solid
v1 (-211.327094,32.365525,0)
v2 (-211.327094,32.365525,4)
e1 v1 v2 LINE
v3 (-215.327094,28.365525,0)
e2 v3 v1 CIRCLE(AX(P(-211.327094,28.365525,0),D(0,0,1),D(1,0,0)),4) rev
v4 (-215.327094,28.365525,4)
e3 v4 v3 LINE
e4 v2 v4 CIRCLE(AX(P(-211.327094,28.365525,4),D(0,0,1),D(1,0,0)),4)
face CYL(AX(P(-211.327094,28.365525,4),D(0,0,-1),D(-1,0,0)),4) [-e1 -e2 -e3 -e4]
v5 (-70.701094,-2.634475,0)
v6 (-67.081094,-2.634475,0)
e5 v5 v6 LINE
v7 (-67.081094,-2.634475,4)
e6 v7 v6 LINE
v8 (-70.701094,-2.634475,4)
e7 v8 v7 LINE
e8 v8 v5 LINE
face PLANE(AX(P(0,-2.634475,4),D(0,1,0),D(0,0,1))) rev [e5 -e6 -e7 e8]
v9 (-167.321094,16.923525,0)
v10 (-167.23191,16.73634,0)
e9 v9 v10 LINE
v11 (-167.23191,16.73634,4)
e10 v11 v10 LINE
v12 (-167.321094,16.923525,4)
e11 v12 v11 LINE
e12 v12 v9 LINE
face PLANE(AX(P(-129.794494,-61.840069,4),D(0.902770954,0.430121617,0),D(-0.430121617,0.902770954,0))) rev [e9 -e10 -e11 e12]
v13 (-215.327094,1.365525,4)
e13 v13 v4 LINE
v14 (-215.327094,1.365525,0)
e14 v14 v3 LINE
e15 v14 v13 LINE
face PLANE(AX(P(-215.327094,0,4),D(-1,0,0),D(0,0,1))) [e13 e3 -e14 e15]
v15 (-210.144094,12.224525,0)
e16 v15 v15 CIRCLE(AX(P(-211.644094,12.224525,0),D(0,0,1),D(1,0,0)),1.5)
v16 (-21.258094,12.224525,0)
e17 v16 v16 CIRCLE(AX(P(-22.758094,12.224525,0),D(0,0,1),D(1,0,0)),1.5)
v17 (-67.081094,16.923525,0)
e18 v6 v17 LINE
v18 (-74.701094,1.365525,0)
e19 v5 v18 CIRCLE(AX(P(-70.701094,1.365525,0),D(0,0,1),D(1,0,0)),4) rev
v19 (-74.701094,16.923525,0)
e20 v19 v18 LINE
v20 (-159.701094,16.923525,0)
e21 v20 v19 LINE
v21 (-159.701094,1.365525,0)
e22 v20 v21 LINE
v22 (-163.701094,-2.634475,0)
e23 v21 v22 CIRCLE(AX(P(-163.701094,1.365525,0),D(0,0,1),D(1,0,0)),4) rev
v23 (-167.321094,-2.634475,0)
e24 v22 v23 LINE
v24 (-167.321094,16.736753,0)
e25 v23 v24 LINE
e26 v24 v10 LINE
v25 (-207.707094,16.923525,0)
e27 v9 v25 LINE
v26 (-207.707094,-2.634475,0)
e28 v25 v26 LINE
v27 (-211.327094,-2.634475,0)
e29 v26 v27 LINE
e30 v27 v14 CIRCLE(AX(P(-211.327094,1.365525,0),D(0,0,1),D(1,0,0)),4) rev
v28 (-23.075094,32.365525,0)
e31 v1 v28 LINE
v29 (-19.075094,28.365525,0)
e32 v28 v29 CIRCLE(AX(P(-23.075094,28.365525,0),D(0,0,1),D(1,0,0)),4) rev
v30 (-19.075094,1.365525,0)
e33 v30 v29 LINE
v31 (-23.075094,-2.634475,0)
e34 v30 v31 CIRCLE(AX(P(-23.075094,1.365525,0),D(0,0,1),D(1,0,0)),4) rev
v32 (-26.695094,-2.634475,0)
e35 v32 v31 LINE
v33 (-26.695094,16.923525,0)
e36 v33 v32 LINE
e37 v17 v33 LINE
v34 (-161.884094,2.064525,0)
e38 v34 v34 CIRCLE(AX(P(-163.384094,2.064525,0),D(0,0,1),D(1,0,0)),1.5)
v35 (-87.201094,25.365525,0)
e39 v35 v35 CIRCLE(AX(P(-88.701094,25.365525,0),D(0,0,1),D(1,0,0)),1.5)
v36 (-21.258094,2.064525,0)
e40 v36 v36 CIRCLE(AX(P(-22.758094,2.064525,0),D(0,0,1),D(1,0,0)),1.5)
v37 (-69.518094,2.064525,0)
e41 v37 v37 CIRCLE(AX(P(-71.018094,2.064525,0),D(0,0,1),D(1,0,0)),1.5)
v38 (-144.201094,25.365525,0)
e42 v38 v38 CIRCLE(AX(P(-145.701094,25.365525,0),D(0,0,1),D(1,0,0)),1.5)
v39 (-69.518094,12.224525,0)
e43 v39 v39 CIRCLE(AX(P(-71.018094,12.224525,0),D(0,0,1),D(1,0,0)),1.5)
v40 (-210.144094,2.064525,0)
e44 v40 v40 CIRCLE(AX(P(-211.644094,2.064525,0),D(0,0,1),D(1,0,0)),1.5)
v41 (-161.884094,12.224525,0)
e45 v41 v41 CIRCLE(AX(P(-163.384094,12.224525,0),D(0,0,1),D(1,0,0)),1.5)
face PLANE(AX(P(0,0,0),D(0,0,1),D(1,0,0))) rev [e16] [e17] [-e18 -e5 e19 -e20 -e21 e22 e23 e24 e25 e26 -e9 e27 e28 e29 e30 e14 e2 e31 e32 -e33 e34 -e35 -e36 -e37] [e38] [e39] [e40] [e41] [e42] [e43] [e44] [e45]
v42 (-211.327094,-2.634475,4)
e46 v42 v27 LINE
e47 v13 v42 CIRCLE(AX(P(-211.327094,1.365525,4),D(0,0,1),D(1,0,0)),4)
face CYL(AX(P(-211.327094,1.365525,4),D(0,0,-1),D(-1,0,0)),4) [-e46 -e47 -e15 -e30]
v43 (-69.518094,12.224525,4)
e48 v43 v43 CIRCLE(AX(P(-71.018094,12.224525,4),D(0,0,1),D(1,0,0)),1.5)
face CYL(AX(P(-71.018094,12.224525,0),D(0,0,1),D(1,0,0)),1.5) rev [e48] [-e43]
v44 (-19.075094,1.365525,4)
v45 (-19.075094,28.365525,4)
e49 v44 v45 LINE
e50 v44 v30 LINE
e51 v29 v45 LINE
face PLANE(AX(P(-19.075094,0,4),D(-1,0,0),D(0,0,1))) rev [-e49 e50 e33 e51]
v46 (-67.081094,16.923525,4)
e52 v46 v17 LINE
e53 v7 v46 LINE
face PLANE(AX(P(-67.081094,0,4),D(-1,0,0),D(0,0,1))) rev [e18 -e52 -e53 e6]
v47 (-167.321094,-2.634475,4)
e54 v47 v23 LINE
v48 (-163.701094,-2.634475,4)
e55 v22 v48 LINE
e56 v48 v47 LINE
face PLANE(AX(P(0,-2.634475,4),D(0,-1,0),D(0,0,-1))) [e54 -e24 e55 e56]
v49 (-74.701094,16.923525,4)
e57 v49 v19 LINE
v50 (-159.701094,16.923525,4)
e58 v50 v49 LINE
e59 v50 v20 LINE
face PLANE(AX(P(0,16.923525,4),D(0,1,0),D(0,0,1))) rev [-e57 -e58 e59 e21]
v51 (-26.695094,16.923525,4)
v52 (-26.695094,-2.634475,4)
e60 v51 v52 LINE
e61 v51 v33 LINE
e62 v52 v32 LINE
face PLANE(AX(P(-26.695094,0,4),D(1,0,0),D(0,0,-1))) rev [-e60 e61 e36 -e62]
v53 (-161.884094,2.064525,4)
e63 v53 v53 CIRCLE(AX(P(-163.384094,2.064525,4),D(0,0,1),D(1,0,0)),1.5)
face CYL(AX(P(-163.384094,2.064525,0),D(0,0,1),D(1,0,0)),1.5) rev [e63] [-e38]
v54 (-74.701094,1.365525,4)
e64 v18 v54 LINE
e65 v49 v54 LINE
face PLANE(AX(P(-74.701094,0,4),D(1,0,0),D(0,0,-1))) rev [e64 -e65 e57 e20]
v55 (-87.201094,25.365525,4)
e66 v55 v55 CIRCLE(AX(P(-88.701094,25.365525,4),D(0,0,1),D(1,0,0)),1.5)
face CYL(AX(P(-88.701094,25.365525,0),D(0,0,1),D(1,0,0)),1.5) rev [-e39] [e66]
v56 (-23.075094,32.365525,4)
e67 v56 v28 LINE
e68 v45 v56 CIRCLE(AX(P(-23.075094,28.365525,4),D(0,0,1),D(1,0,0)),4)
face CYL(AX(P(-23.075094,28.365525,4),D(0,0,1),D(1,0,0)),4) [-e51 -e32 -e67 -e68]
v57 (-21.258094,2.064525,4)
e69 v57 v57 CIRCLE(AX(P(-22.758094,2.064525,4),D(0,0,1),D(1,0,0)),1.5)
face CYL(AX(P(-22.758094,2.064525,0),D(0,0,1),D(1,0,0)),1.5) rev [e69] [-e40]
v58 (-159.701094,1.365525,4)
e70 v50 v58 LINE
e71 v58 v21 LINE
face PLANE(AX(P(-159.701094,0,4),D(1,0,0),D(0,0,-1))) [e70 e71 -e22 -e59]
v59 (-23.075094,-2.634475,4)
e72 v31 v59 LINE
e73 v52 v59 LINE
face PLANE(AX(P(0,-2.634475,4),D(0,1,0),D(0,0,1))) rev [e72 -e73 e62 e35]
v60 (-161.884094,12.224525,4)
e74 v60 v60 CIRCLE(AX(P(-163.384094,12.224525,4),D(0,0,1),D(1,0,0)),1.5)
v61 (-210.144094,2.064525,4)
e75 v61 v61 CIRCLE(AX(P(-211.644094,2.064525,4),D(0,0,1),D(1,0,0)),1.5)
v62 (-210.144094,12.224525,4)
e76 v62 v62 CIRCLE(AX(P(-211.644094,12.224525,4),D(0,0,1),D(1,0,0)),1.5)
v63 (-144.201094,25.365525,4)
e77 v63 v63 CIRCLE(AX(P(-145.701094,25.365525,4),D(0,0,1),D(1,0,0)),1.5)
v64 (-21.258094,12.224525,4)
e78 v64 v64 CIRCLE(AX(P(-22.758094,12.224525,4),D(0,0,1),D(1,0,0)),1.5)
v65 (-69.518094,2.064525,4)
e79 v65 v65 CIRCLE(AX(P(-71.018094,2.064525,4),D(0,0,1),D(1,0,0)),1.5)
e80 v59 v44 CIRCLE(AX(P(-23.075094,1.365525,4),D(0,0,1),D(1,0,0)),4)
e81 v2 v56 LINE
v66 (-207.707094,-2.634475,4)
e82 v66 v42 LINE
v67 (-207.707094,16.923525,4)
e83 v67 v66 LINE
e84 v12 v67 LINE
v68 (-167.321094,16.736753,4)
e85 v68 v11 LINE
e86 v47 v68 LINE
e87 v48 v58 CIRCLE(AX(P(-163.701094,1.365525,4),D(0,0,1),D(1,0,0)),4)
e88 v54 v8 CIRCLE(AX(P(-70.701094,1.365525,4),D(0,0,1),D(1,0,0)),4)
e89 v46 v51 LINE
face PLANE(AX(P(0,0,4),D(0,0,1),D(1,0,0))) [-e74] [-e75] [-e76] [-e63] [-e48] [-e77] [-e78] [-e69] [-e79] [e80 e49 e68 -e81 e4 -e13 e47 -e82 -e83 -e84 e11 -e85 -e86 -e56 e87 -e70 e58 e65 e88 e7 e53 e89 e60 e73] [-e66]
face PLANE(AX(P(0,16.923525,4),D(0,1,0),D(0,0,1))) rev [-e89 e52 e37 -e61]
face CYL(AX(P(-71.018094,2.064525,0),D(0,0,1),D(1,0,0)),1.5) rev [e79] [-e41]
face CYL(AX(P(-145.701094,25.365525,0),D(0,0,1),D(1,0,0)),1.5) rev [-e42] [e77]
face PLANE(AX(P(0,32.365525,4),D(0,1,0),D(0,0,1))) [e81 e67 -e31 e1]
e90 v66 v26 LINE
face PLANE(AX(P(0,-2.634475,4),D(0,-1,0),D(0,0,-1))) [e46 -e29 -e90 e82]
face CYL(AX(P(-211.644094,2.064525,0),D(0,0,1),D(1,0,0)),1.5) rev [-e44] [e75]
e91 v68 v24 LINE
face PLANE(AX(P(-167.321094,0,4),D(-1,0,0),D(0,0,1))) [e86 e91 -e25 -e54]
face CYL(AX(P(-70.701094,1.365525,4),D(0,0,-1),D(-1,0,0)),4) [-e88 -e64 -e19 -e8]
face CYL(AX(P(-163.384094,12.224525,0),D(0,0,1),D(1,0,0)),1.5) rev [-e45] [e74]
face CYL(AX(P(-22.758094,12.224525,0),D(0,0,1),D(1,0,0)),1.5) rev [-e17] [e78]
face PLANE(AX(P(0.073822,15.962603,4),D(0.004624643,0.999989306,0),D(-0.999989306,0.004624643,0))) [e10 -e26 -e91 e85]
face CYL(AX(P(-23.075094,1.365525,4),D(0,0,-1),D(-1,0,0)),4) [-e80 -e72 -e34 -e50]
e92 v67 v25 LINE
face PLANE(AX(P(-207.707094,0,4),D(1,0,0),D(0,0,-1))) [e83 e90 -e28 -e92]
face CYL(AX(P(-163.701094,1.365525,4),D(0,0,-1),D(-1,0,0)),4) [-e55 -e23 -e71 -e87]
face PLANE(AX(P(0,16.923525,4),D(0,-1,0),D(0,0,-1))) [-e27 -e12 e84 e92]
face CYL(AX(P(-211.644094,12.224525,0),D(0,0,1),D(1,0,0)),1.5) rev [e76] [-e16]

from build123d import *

# Parameters (mm, degrees)
BOSS_EXTRUDE2_DEPTH = 4
FILLET1_R           = 4
SKETCH6_R           = 1.5
CUT_EXTRUDE1_DEPTH  = 4
SKETCH3_R           = 1.5
CUT_EXTRUDE2_DEPTH  = 4


with BuildPart() as part:
    # Sketch2 → Boss-Extrude2 (new body)
    with BuildSketch(Plane.XY):
        Polygon((-67.081093968, -2.634474623), (-67.081093968, 16.923525377), (-26.695093968, 16.923525377), (-26.695093968, -2.634474623), (-19.075093968, -2.634474623), (-19.075093968, 32.365525377), (-67.081093968, 32.365525377), (-74.701093968, 32.365525377), (-159.701093968, 32.365525377), (-167.321093968, 32.365525377), (-215.327093968, 32.365525377), (-215.327093968, -2.634474623), (-207.707093968, -2.634474623), (-207.707093968, 16.923525377), (-167.321093968, 16.923525377), (-167.231910297, 16.736340115), (-167.321093968, 16.736752562), (-167.321093968, -2.634474623), (-159.701093968, -2.634474623), (-159.701093968, 16.923525377), (-74.701093968, 16.923525377), (-74.701093968, -2.634474623), align=None)
    extrude(amount=BOSS_EXTRUDE2_DEPTH)

    # Fillet1
    fillet1_edges = [part.edges().sort_by_distance(p)[0] for p in [
        (-19.075093968, 32.365525377, 2),
        (-19.075093968, -2.634474623, 2),
        (-74.701093968, -2.634474623, 2),
        (-159.701093968, -2.634474623, 2),
        (-215.327093968, -2.634474623, 2),
        (-215.327093968, 32.365525377, 2),
    ]]
    fillet(fillet1_edges, radius=FILLET1_R)

    # Sketch6 → Cut-Extrude1 (cut)
    with BuildSketch(Plane.XY.offset(4)):
        with Locations((-211.644093968, 12.224525377)):
            Circle(SKETCH6_R)
        with Locations((-163.384093968, 12.224525377)):
            Circle(SKETCH6_R)
        with Locations((-163.384093968, 2.064525377)):
            Circle(SKETCH6_R)
        with Locations((-211.644093968, 2.064525377)):
            Circle(SKETCH6_R)
        with Locations((-71.018093968, 12.224525377)):
            Circle(SKETCH6_R)
        with Locations((-22.758093968, 12.224525377)):
            Circle(SKETCH6_R)
        with Locations((-22.758093968, 2.064525377)):
            Circle(SKETCH6_R)
        with Locations((-71.018093968, 2.064525377)):
            Circle(SKETCH6_R)
    extrude(amount=-CUT_EXTRUDE1_DEPTH, mode=Mode.SUBTRACT)

    # Sketch3 → Cut-Extrude2 (cut)
    with BuildSketch(Plane.XY.offset(4)):
        with Locations((-145.701093968, 25.365525377)):
            Circle(SKETCH3_R)
        with Locations((-88.701093968, 25.365525377)):
            Circle(SKETCH3_R)
    extrude(amount=-CUT_EXTRUDE2_DEPTH, mode=Mode.SUBTRACT)


solid = part.part
